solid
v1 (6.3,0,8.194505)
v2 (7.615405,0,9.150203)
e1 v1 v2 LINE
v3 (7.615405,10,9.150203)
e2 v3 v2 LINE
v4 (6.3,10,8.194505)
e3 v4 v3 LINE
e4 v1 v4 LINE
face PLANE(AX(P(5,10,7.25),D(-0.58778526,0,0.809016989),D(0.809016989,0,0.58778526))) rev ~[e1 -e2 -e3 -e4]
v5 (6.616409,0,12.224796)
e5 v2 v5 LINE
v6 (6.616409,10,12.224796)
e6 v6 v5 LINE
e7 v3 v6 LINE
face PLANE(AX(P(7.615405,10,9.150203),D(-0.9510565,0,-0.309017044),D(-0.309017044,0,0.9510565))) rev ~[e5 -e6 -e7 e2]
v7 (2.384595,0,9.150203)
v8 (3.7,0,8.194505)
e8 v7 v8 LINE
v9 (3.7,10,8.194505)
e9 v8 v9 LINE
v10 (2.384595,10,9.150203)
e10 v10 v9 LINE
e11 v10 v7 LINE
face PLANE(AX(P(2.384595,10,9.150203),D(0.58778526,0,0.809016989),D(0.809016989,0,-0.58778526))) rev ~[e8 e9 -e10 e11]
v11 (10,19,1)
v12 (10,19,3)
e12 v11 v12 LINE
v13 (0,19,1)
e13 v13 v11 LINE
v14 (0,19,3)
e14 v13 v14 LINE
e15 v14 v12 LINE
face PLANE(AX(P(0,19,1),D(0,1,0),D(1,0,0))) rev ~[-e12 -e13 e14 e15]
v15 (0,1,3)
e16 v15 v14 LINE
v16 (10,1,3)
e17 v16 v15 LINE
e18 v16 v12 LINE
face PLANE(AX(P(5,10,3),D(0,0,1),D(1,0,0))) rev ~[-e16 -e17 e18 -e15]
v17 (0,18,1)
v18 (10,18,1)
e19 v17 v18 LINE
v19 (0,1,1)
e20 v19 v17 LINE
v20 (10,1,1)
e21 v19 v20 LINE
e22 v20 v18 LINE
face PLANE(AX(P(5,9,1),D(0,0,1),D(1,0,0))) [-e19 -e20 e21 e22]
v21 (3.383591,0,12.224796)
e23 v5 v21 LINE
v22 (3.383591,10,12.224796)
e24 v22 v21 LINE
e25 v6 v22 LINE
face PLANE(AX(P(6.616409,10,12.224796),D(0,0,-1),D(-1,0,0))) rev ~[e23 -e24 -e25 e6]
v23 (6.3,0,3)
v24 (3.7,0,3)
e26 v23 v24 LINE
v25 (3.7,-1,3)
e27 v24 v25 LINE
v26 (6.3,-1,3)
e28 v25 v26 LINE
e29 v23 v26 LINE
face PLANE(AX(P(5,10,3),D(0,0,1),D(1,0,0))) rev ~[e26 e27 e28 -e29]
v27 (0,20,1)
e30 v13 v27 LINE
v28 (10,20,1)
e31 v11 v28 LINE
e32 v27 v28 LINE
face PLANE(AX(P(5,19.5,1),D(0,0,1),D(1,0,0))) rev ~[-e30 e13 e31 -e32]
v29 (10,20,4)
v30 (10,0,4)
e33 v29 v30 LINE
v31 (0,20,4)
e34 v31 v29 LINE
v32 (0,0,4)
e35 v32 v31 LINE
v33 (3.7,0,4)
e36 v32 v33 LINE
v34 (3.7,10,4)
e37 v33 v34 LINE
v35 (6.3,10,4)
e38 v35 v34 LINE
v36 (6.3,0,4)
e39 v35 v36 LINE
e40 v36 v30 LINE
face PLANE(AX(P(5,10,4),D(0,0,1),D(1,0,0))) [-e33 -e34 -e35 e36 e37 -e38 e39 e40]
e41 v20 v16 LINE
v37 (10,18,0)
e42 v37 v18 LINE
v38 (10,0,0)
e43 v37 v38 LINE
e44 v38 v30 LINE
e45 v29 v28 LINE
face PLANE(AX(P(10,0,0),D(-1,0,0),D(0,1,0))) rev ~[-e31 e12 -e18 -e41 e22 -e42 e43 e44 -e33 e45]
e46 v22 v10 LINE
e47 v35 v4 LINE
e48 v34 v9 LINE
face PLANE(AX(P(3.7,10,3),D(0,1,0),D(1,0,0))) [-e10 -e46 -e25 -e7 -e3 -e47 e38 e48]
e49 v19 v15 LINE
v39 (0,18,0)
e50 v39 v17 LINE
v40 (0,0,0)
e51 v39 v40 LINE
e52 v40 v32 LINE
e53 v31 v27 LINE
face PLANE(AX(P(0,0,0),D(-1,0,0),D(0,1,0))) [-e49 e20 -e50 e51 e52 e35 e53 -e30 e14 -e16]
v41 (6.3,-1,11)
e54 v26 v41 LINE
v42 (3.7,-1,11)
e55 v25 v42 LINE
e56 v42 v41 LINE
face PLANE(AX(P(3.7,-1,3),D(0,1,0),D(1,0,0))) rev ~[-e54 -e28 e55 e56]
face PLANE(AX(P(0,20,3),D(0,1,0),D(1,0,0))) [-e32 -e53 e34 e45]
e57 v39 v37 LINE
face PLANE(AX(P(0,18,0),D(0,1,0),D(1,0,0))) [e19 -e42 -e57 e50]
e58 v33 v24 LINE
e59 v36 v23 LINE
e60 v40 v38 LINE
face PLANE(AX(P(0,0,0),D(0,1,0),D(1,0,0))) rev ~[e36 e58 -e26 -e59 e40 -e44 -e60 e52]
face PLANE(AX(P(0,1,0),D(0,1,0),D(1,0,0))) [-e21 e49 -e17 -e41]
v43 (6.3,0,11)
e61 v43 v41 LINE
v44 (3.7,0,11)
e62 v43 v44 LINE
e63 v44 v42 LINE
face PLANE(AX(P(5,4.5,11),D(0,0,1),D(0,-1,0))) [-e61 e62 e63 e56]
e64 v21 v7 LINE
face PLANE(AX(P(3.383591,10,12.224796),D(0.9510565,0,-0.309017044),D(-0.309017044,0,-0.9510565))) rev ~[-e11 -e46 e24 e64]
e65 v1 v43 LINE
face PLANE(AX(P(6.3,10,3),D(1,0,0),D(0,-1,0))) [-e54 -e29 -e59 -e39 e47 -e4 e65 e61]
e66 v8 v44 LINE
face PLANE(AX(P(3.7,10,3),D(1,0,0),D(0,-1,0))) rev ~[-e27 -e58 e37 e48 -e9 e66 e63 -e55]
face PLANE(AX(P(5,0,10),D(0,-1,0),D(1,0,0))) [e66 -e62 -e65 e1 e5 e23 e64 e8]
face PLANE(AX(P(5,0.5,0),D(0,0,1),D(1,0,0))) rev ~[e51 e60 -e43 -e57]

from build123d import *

# Parameters (mm, degrees)
BOX001_W                   = 10
BOX001_H                   = 20
BOX001_DEPTH               = 1
BOX004_W                   = 11
BOX004_H                   = 2.6
BOX004_DEPTH               = 8
EXTRUDE003_DEPTH           = 10
EXTRUDE003_PLACEMENT_ANGLE = 90
FUSION003_PLACEMENT_ANGLE  = 270
BOX003_W                   = 10
BOX003_H                   = 1
BOX003_DEPTH               = 4
BOX_W                      = 10
BOX_H                      = 18
BOX_DEPTH                  = 1
BOX002_W                   = 10
BOX002_H                   = 1
BOX002_DEPTH               = 2


with BuildPart() as cube001:
    # Box001 → Box001 (new body)
    with BuildSketch(Plane.XY.offset(3)):
        with Locations((5, 10)):
            Rectangle(BOX001_W, BOX001_H)
    extrude(amount=BOX001_DEPTH)


with BuildPart() as cube004:
    # Box004 → Box004 (new body)
    with BuildSketch(Plane(origin=(0, 5.7, -4), x_dir=(1, 0, 0), z_dir=(0, 0, 1))):
        with Locations((5.5, 1.3)):
            Rectangle(BOX004_W, BOX004_H)
    extrude(amount=BOX004_DEPTH)


with BuildPart() as keymaster:
    # RegularPolygon003 → Extrude003 (new body)
    with BuildSketch(Plane(origin=(-2.737398, 7, 0), x_dir=(0, 1, 0), z_dir=(0, 0, 1))):
        Polygon((0, -2.487398), (2.615405, -0.587195), (1.616409, 2.487398), (-1.616409, 2.487398), (-2.615405, -0.587195), align=None)
    extrude(amount=EXTRUDE003_DEPTH)


with BuildPart() as keymaster_1:
    # Extrude003 placement: moved
    add(keymaster.part.rotate(Axis((0, 0, 0), (0, 1, 0)), EXTRUDE003_PLACEMENT_ANGLE))

    # Fusion003: union Cube004
    add(cube004.part)


with BuildPart() as keymaster_2:
    # Fusion003 placement: moved
    add(keymaster_1.part.moved(Location((-2, 10, 7))).rotate(Axis((-2, 10, 7), (0, 0, 1)), FUSION003_PLACEMENT_ANGLE))


with BuildPart() as cube003:
    # Box003 → Box003 (new body)
    with BuildSketch(Plane.XY):
        with Locations((5, 0.5)):
            Rectangle(BOX003_W, BOX003_H)
    extrude(amount=BOX003_DEPTH)


with BuildPart() as cube:
    # Box → Box (new body)
    with BuildSketch(Plane.XY):
        with Locations((5, 9)):
            Rectangle(BOX_W, BOX_H)
    extrude(amount=BOX_DEPTH)


with BuildPart() as fusion:
    # Box002 → Box002 (new body)
    with BuildSketch(Plane(origin=(0, 19, 1), x_dir=(1, 0, 0), z_dir=(0, 0, 1))):
        with Locations((5, 0.5)):
            Rectangle(BOX002_W, BOX002_H)
    extrude(amount=BOX002_DEPTH)

    # Fusion: union Cube001, keymaster, Cube003, Cube
    add(cube001.part)
    add(keymaster_2.part)
    add(cube003.part)
    add(cube.part)


solid = fusion.part
